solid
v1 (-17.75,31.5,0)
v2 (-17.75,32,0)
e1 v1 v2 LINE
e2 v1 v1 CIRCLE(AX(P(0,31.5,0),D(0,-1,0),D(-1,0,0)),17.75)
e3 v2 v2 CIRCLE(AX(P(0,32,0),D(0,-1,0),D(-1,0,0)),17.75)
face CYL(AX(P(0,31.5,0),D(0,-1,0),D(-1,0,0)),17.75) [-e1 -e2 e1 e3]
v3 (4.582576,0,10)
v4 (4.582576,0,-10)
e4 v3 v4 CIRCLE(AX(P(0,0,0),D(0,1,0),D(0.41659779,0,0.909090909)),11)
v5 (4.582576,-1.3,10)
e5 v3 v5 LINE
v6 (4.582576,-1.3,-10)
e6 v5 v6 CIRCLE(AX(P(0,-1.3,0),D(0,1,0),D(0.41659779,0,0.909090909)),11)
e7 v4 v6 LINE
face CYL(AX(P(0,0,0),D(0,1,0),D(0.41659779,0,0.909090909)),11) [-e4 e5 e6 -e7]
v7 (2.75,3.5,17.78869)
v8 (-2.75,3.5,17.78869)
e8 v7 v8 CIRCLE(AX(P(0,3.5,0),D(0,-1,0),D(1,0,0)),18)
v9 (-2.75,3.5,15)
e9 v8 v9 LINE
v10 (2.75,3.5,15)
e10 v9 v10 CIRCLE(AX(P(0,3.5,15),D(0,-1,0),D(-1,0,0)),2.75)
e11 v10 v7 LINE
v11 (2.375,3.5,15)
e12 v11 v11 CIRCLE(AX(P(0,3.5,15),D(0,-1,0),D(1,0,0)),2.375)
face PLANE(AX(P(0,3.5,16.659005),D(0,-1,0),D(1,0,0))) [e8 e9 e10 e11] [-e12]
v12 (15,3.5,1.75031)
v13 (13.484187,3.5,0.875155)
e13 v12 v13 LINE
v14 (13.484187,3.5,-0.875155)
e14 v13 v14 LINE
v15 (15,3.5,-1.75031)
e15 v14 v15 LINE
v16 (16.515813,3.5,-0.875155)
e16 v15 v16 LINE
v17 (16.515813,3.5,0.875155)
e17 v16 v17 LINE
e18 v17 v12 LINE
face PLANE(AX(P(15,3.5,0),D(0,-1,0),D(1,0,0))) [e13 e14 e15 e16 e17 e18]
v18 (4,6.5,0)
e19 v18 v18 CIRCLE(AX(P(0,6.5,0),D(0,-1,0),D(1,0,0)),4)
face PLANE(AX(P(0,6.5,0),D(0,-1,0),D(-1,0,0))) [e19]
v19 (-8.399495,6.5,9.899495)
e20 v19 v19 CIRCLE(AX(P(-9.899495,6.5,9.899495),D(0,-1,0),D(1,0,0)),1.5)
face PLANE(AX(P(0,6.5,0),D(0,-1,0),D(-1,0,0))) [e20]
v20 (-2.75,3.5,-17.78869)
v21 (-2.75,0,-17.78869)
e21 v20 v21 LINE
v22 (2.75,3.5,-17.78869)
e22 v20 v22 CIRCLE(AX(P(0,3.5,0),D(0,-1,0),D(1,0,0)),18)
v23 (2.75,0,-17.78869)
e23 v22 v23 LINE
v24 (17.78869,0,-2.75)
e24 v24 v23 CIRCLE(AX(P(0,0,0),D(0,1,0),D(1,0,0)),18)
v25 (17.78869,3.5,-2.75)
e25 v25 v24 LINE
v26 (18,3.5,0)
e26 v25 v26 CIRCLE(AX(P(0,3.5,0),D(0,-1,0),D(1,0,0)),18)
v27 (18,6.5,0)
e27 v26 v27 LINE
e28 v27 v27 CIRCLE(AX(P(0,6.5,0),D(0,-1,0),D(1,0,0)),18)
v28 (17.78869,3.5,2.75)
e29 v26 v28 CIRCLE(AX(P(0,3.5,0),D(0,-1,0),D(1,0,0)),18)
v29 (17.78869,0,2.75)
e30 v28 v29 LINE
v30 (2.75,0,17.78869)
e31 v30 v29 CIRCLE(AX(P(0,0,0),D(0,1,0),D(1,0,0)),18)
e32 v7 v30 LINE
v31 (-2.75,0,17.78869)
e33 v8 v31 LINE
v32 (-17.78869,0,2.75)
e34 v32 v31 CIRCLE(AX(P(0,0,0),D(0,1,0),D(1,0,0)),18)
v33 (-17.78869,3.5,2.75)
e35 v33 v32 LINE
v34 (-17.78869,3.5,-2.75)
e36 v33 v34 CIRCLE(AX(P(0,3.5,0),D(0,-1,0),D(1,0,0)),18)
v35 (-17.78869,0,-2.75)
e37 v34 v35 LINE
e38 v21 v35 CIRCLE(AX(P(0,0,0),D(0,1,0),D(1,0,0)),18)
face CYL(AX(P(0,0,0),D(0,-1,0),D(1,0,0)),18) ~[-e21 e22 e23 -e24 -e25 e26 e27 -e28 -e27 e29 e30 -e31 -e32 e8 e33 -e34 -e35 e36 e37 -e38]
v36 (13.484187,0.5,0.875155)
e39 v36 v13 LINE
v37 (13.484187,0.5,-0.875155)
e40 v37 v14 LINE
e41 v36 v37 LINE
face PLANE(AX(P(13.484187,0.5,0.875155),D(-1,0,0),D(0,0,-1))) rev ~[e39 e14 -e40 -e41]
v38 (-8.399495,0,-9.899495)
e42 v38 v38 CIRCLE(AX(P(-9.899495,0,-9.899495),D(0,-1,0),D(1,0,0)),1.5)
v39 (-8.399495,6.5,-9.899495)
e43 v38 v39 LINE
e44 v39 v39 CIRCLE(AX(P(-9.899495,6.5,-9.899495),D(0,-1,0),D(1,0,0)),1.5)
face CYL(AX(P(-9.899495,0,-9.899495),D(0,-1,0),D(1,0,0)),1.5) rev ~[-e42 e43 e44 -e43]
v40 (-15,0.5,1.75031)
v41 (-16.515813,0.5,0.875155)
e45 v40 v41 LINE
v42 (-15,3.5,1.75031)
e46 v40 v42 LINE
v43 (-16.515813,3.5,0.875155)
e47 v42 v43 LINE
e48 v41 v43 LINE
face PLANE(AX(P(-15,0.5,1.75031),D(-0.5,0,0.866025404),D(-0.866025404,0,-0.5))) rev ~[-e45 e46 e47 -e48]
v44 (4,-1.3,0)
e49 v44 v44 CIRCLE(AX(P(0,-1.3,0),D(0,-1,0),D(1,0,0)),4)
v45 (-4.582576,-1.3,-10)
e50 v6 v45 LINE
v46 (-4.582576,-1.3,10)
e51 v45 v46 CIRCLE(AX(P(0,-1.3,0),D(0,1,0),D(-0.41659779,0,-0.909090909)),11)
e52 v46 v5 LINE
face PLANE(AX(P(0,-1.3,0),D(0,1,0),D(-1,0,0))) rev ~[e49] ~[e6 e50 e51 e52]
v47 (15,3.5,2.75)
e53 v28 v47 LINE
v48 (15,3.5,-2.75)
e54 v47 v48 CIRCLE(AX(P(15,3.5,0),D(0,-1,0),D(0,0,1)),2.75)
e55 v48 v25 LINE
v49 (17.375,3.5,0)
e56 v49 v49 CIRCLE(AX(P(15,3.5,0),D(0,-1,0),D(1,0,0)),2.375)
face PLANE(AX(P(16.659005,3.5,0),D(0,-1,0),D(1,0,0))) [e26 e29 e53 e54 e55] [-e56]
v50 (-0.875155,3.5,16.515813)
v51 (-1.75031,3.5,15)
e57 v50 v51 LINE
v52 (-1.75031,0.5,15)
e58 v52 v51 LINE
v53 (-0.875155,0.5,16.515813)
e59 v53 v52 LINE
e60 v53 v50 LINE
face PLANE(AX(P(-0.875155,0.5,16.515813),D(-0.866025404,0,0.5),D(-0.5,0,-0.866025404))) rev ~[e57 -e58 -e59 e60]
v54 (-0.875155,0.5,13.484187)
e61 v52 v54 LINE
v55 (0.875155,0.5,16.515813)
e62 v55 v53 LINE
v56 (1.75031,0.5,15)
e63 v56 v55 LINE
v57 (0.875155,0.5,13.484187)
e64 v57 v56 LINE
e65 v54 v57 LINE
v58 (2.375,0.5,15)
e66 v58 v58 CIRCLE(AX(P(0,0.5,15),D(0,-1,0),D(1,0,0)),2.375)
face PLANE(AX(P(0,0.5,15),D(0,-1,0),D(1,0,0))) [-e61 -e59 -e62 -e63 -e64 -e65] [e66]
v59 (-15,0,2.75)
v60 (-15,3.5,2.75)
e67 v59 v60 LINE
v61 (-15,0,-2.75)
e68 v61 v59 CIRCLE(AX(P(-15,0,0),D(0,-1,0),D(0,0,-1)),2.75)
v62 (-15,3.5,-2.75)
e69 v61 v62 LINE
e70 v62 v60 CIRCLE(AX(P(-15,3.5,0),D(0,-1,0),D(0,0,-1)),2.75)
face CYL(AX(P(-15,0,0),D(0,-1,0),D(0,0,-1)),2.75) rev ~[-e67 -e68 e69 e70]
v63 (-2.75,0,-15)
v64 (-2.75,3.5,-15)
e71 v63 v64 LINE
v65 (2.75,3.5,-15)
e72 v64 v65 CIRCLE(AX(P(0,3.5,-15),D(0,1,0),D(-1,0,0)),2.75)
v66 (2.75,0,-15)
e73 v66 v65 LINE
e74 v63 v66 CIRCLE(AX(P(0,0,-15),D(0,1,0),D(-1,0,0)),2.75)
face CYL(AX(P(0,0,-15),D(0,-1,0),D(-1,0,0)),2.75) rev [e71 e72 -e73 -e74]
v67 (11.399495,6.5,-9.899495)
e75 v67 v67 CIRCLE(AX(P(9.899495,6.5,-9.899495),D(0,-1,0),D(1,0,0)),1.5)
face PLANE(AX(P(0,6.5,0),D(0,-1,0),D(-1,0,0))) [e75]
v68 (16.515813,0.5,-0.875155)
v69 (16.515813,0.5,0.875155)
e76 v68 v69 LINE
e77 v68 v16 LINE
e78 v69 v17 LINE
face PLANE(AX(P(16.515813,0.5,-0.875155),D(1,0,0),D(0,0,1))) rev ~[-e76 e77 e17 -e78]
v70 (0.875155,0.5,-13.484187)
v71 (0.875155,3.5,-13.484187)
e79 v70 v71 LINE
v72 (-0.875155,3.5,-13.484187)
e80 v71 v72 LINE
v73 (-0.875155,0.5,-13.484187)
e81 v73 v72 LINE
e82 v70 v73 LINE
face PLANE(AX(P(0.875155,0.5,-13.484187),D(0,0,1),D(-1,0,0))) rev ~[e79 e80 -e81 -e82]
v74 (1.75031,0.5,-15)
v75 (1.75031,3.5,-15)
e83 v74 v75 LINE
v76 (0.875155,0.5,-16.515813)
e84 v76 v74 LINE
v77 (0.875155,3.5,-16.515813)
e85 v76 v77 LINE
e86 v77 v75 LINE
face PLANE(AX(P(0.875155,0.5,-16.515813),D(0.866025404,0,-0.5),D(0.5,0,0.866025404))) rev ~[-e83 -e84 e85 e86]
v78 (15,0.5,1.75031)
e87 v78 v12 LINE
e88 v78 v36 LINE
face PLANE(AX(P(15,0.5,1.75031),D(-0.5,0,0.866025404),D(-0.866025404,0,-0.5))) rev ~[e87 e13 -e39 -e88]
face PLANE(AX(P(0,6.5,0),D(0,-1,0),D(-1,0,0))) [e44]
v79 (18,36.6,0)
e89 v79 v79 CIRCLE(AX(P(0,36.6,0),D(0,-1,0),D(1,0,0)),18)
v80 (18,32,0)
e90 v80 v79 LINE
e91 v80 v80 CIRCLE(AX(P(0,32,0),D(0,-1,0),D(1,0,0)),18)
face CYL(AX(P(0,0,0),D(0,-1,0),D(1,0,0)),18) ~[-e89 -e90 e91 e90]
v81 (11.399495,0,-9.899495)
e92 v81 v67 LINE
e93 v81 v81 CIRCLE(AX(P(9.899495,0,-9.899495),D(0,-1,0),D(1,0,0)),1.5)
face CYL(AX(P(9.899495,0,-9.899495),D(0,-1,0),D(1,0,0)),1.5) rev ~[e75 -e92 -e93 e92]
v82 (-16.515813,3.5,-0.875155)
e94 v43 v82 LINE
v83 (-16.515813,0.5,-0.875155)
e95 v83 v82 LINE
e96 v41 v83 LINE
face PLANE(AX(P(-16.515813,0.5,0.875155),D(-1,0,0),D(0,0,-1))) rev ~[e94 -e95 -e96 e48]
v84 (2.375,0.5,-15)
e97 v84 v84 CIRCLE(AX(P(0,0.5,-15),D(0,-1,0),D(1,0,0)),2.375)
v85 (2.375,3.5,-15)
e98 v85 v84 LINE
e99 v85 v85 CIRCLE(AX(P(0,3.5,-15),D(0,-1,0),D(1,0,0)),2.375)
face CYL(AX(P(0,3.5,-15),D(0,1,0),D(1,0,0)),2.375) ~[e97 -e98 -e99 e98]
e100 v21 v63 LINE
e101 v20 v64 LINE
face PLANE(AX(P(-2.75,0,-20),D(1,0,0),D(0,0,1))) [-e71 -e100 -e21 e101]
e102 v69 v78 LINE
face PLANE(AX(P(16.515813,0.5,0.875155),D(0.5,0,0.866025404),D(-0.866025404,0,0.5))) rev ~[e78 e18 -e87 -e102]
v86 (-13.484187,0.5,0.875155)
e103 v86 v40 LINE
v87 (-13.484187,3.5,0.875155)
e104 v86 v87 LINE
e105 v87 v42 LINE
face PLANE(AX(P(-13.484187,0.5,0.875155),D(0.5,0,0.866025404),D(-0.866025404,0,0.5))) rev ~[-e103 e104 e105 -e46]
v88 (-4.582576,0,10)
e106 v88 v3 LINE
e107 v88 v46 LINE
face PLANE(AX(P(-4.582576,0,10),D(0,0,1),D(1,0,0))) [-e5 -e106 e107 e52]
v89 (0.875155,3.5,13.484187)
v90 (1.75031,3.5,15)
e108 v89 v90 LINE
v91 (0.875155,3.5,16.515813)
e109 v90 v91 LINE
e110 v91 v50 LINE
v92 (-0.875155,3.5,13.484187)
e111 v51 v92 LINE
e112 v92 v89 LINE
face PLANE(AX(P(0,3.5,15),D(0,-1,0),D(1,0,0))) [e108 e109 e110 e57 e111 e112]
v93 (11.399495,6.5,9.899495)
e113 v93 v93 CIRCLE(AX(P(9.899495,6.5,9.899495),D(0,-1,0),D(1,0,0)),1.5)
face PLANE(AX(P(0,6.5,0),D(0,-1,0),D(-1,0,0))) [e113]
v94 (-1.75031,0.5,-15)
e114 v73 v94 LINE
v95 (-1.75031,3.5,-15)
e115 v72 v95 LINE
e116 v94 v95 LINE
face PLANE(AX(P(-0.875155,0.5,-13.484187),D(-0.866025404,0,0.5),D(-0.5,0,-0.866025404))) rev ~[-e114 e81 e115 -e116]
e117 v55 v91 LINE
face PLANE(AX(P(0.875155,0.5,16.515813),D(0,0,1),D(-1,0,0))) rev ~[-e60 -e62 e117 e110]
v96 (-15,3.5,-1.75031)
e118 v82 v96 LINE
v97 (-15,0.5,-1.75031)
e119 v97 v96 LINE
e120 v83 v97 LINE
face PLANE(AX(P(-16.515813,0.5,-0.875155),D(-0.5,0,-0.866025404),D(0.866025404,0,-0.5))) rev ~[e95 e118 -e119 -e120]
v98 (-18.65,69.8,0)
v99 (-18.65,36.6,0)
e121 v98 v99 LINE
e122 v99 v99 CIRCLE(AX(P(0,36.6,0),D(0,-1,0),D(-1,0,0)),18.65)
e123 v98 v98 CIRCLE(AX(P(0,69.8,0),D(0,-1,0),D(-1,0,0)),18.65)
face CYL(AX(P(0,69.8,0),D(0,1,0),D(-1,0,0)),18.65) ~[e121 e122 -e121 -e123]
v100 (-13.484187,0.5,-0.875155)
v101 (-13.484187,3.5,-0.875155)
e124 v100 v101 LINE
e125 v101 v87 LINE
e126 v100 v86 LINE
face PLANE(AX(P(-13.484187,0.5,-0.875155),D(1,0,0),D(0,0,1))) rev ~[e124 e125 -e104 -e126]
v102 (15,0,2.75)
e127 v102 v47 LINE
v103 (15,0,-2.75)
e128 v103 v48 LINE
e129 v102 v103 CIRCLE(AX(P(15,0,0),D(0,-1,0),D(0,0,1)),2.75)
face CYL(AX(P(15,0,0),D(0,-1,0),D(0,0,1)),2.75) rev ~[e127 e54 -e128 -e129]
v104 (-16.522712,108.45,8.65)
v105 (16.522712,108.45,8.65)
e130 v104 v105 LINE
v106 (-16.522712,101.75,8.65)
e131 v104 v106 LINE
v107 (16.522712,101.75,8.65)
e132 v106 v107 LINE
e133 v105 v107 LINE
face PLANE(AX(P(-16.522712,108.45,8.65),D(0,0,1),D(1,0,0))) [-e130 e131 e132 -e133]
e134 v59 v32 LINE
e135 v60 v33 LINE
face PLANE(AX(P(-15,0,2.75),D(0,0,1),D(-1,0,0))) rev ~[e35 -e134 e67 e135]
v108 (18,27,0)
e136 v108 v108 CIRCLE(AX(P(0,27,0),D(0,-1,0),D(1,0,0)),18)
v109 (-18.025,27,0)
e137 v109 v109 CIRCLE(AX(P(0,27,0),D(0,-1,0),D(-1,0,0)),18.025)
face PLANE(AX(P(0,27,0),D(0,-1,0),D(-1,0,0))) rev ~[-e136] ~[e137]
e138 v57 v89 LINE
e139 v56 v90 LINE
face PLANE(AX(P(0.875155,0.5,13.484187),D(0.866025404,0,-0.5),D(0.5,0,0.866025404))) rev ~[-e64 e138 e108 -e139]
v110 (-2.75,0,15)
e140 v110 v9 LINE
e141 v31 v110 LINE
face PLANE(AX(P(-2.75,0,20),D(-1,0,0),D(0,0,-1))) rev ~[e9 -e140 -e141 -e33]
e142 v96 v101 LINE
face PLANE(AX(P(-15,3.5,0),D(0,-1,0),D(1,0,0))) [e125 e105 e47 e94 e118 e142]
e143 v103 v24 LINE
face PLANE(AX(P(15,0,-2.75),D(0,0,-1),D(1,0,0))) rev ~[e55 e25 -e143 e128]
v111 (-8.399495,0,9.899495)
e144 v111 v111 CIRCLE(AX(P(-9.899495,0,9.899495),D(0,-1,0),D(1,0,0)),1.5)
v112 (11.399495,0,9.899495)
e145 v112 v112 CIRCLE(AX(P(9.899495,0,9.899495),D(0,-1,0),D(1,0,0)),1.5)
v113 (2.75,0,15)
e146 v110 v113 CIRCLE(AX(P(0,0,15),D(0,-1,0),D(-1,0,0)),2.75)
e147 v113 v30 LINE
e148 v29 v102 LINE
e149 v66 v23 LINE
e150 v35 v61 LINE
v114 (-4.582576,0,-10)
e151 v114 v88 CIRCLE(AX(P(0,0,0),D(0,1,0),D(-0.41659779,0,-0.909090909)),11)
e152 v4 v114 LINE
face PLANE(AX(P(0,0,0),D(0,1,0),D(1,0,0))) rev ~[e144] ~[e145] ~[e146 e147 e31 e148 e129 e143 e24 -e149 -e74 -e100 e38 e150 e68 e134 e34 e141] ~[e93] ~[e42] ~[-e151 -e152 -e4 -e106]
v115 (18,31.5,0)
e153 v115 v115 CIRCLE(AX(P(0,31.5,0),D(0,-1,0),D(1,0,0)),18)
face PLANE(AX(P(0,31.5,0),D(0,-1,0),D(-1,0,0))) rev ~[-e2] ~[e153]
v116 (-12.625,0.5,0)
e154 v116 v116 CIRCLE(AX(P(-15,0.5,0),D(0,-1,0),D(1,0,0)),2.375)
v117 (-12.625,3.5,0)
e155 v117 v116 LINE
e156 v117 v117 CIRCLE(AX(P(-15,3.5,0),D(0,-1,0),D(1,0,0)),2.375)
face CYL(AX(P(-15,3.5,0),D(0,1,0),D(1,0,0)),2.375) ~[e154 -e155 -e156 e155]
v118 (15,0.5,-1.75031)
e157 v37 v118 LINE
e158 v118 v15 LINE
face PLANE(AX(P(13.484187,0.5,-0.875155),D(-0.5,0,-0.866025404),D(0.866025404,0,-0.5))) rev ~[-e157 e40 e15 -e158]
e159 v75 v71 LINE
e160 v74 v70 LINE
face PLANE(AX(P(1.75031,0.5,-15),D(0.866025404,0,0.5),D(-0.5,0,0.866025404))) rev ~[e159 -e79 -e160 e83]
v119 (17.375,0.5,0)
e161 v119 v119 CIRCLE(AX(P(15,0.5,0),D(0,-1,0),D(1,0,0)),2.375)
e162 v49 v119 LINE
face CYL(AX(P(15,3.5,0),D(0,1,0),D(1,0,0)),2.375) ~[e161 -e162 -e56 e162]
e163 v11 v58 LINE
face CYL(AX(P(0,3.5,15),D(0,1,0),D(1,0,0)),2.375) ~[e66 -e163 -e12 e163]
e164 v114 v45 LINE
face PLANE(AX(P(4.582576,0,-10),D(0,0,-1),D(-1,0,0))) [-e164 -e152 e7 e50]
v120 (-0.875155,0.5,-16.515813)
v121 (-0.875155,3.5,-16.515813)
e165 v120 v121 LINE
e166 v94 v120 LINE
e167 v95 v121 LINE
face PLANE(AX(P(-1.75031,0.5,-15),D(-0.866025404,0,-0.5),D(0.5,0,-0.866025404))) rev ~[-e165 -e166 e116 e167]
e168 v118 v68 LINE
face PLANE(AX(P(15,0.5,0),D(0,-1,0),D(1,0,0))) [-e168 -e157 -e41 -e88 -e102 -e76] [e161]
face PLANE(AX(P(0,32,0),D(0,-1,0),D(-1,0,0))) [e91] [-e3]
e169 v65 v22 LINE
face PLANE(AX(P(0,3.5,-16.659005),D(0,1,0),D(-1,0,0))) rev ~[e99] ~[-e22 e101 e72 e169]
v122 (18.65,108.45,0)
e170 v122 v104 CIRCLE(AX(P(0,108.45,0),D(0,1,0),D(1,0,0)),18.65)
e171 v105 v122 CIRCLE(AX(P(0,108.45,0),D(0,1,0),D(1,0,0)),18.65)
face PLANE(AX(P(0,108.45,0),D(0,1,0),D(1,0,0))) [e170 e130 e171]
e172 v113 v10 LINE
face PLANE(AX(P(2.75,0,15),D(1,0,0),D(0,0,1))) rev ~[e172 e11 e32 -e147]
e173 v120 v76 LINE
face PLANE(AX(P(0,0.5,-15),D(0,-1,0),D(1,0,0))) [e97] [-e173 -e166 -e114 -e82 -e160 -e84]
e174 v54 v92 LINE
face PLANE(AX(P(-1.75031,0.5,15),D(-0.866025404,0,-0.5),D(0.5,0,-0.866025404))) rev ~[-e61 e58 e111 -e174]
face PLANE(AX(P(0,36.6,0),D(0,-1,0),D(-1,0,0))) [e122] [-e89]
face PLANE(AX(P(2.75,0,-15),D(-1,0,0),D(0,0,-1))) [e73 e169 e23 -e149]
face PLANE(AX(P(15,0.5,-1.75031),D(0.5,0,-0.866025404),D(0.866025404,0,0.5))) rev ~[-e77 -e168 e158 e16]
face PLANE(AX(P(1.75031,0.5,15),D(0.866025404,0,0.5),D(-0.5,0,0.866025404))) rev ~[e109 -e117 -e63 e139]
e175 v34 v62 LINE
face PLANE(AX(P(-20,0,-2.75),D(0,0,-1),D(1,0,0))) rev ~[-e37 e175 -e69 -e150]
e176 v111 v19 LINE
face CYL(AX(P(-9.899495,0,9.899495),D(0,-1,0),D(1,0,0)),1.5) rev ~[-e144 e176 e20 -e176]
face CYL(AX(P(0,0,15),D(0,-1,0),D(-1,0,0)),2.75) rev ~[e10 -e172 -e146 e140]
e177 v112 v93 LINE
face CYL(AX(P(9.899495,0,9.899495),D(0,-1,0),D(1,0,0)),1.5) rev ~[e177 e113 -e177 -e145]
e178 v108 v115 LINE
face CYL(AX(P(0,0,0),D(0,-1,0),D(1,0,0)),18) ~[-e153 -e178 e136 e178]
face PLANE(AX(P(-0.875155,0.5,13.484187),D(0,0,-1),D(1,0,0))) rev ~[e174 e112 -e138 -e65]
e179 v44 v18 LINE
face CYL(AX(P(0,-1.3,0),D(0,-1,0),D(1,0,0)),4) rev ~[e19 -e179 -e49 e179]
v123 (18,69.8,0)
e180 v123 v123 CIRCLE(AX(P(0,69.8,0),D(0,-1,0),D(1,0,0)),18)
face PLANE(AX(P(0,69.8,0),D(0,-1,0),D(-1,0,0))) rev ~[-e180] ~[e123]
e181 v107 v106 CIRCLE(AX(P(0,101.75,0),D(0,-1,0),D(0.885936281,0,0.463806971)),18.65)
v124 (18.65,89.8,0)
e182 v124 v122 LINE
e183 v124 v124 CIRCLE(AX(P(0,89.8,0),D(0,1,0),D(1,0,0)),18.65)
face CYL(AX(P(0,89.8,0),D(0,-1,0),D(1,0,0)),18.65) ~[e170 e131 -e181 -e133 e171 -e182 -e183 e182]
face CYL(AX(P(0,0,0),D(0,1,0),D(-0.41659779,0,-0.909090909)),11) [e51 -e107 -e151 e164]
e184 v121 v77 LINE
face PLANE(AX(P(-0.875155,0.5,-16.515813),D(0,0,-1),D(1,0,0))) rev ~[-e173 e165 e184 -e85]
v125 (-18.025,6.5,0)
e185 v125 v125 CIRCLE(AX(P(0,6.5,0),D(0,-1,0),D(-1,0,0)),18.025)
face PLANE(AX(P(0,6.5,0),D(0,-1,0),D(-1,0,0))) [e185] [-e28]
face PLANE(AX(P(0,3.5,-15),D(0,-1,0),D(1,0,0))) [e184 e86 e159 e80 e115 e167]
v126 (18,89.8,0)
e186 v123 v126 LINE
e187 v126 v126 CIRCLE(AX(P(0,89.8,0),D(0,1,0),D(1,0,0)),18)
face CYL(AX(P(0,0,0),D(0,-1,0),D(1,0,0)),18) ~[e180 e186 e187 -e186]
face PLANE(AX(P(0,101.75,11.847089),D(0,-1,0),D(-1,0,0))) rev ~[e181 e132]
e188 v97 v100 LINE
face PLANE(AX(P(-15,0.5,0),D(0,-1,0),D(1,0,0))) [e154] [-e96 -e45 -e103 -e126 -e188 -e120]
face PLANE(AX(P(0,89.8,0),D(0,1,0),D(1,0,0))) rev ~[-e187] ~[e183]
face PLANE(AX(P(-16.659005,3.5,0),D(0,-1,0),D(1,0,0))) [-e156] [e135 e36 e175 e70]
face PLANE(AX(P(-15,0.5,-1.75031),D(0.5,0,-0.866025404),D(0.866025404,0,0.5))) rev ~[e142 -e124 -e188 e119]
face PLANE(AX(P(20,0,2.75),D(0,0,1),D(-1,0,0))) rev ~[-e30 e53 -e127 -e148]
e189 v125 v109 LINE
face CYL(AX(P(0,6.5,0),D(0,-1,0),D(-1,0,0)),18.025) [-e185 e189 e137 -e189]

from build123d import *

# Parameters (mm, degrees)
SKETCH1_R           = 18
BOSS_EXTRUDE1_DEPTH = 89.8
SKETCH2_R           = 18.65
BOSS_EXTRUDE2_DEPTH = 18.65
BOSS_EXTRUDE4_DEPTH = 1.3
SKETCH3_R           = 18.65
BOSS_EXTRUDE3_DEPTH = 33.2
SKETCH11_R          = 4
CUT_EXTRUDE1_DEPTH  = 10.3
CUT_EXTRUDE2_DEPTH  = 6.7
SKETCH14_R          = 1.5
CUT_EXTRUDE3_DEPTH  = 10
SKETCH16_R          = 18.025
BOSS_EXTRUDE5_DEPTH = 20.5
SKETCH17_R          = 19.645678417
SKETCH17_R_2        = 17.75
CUT_EXTRUDE5_DEPTH  = 0.5
CUT_EXTRUDE6_DEPTH  = 3.5
SKETCH19_R          = 2.375
BOSS_EXTRUDE6_DEPTH = 3
CUT_EXTRUDE7_DEPTH  = 3


with BuildPart() as part:
    # Sketch1 → Boss-Extrude1 (new body)
    with BuildSketch(Plane(origin=(0, 0, 0), x_dir=(1, 0, 0), z_dir=(0, 1, 0))):
        Circle(SKETCH1_R)
    extrude(amount=BOSS_EXTRUDE1_DEPTH)

    # Sketch2 → Boss-Extrude2 (add)
    with BuildSketch(Plane(origin=(0, 89.8, 0), x_dir=(1, 0, 0), z_dir=(0, 1, 0))):
        Circle(SKETCH2_R)
    extrude(amount=BOSS_EXTRUDE2_DEPTH)

    # Sketch9 → Boss-Extrude4 (add)
    with BuildSketch(Plane.XZ):
        with BuildLine():
            Line((4.582575695, -10), (-4.582575695, -10))
            ThreePointArc((-4.582575695, -10), (-11, 0), (-4.582575695, 10))
            Line((-4.582575695, 10), (4.582575695, 10))
            ThreePointArc((4.582575695, 10), (11, 0), (4.582575695, -10))
        make_face()
    extrude(amount=BOSS_EXTRUDE4_DEPTH)

    # Sketch3 → Boss-Extrude3 (add)
    with BuildSketch(Plane(origin=(0, 69.8, 0), x_dir=(-1, 0, 0), z_dir=(0, -1, 0))):
        Circle(SKETCH3_R)
    extrude(amount=BOSS_EXTRUDE3_DEPTH)

    # Sketch11 → Cut-Extrude1 (cut)
    with BuildSketch(Plane.XZ.offset(1.3)):
        Circle(SKETCH11_R)
    extrude(amount=-CUT_EXTRUDE1_DEPTH, mode=Mode.SUBTRACT)

    # Sketch13 → Cut-Extrude2 (cut)
    with BuildSketch(Plane(origin=(0, 108.45, 0), x_dir=(1, 0, 0), z_dir=(0, 1, 0))):
        with BuildLine():
            Line((-16.522711642, -8.65), (16.522711642, -8.65))
            ThreePointArc((16.522711642, -8.65), (0, -18.65), (-16.522711642, -8.65))
        make_face()
    extrude(amount=-CUT_EXTRUDE2_DEPTH, mode=Mode.SUBTRACT)

    # Sketch14 → Cut-Extrude3 (cut)
    with BuildSketch(Plane.XZ):
        with Locations((-9.899494937, 9.899494937)):
            Circle(SKETCH14_R)
        with Locations((9.899494937, 9.899494937)):
            Circle(SKETCH14_R)
        with Locations((9.899494937, -9.899494937)):
            Circle(SKETCH14_R)
        with Locations((-9.899494937, -9.899494937)):
            Circle(SKETCH14_R)
    extrude(amount=-CUT_EXTRUDE3_DEPTH, mode=Mode.SUBTRACT)

    # Sketch16 → Boss-Extrude5 (add)
    with BuildSketch(Plane(origin=(0, 6.5, 0), x_dir=(-1, 0, 0), z_dir=(0, -1, 0))):
        Circle(SKETCH16_R)
    extrude(amount=-BOSS_EXTRUDE5_DEPTH)

    # Sketch17 → Cut-Extrude5 (cut)
    with BuildSketch(Plane(origin=(0, 31.5, 0), x_dir=(-1, 0, 0), z_dir=(0, -1, 0))):
        Circle(SKETCH17_R)
        Circle(SKETCH17_R_2, mode=Mode.SUBTRACT)
    extrude(amount=-CUT_EXTRUDE5_DEPTH, mode=Mode.SUBTRACT)

    # Sketch18 → Cut-Extrude6 (cut)
    with BuildSketch(Plane.XZ):
        with BuildLine():
            Line((2.75, -15), (2.75, -20))
            Line((2.75, -20), (-2.75, -20))
            Line((-2.75, -20), (-2.75, -15))
            ThreePointArc((-2.75, -15), (0, -12.25), (2.75, -15))
        make_face()
        with BuildLine():
            Line((2.75, 15), (2.75, 20))
            Line((2.75, 20), (-2.75, 20))
            Line((-2.75, 20), (-2.75, 15))
            ThreePointArc((-2.75, 15), (0, 12.25), (2.75, 15))
        make_face()
        with BuildLine():
            Line((-15, 2.75), (-20, 2.75))
            Line((-20, 2.75), (-20, -2.75))
            Line((-20, -2.75), (-15, -2.75))
            ThreePointArc((-15, -2.75), (-12.25, 0), (-15, 2.75))
        make_face()
        with BuildLine():
            Line((15, -2.75), (20, -2.75))
            Line((20, -2.75), (20, 2.75))
            Line((20, 2.75), (15, 2.75))
            ThreePointArc((15, 2.75), (12.25, 0), (15, -2.75))
        make_face()
    extrude(amount=-CUT_EXTRUDE6_DEPTH, mode=Mode.SUBTRACT)

    # Sketch19 → Boss-Extrude6 (add)
    with BuildSketch(Plane.XZ.offset(-3.5)):
        with Locations((-15, 0)):
            Circle(SKETCH19_R)
        with Locations((0, 15)):
            Circle(SKETCH19_R)
        with Locations((15, 0)):
            Circle(SKETCH19_R)
        with Locations((0, -15)):
            Circle(SKETCH19_R)
    extrude(amount=BOSS_EXTRUDE6_DEPTH)

    # Sketch20 → Cut-Extrude7 (cut)
    with BuildSketch(Plane.XZ.offset(-0.5)):
        Polygon((16.515813069, 0.875155083), (15, 1.750310167), (13.484186931, 0.875155083), (13.484186931, -0.875155083), (15, -1.750310167), (16.515813069, -0.875155083), align=None)
        Polygon((-1.750310167, 15), (-0.875155083, 13.484186931), (0.875155083, 13.484186931), (1.750310167, 15), (0.875155083, 16.515813069), (-0.875155083, 16.515813069), align=None)
        Polygon((0.875155083, -16.515813069), (1.750310167, -15), (0.875155083, -13.484186931), (-0.875155083, -13.484186931), (-1.750310167, -15), (-0.875155083, -16.515813069), align=None)
        Polygon((-16.515813069, -0.875155083), (-15, -1.750310167), (-13.484186931, -0.875155083), (-13.484186931, 0.875155083), (-15, 1.750310167), (-16.515813069, 0.875155083), align=None)
    extrude(amount=-CUT_EXTRUDE7_DEPTH, mode=Mode.SUBTRACT)


solid = part.part
